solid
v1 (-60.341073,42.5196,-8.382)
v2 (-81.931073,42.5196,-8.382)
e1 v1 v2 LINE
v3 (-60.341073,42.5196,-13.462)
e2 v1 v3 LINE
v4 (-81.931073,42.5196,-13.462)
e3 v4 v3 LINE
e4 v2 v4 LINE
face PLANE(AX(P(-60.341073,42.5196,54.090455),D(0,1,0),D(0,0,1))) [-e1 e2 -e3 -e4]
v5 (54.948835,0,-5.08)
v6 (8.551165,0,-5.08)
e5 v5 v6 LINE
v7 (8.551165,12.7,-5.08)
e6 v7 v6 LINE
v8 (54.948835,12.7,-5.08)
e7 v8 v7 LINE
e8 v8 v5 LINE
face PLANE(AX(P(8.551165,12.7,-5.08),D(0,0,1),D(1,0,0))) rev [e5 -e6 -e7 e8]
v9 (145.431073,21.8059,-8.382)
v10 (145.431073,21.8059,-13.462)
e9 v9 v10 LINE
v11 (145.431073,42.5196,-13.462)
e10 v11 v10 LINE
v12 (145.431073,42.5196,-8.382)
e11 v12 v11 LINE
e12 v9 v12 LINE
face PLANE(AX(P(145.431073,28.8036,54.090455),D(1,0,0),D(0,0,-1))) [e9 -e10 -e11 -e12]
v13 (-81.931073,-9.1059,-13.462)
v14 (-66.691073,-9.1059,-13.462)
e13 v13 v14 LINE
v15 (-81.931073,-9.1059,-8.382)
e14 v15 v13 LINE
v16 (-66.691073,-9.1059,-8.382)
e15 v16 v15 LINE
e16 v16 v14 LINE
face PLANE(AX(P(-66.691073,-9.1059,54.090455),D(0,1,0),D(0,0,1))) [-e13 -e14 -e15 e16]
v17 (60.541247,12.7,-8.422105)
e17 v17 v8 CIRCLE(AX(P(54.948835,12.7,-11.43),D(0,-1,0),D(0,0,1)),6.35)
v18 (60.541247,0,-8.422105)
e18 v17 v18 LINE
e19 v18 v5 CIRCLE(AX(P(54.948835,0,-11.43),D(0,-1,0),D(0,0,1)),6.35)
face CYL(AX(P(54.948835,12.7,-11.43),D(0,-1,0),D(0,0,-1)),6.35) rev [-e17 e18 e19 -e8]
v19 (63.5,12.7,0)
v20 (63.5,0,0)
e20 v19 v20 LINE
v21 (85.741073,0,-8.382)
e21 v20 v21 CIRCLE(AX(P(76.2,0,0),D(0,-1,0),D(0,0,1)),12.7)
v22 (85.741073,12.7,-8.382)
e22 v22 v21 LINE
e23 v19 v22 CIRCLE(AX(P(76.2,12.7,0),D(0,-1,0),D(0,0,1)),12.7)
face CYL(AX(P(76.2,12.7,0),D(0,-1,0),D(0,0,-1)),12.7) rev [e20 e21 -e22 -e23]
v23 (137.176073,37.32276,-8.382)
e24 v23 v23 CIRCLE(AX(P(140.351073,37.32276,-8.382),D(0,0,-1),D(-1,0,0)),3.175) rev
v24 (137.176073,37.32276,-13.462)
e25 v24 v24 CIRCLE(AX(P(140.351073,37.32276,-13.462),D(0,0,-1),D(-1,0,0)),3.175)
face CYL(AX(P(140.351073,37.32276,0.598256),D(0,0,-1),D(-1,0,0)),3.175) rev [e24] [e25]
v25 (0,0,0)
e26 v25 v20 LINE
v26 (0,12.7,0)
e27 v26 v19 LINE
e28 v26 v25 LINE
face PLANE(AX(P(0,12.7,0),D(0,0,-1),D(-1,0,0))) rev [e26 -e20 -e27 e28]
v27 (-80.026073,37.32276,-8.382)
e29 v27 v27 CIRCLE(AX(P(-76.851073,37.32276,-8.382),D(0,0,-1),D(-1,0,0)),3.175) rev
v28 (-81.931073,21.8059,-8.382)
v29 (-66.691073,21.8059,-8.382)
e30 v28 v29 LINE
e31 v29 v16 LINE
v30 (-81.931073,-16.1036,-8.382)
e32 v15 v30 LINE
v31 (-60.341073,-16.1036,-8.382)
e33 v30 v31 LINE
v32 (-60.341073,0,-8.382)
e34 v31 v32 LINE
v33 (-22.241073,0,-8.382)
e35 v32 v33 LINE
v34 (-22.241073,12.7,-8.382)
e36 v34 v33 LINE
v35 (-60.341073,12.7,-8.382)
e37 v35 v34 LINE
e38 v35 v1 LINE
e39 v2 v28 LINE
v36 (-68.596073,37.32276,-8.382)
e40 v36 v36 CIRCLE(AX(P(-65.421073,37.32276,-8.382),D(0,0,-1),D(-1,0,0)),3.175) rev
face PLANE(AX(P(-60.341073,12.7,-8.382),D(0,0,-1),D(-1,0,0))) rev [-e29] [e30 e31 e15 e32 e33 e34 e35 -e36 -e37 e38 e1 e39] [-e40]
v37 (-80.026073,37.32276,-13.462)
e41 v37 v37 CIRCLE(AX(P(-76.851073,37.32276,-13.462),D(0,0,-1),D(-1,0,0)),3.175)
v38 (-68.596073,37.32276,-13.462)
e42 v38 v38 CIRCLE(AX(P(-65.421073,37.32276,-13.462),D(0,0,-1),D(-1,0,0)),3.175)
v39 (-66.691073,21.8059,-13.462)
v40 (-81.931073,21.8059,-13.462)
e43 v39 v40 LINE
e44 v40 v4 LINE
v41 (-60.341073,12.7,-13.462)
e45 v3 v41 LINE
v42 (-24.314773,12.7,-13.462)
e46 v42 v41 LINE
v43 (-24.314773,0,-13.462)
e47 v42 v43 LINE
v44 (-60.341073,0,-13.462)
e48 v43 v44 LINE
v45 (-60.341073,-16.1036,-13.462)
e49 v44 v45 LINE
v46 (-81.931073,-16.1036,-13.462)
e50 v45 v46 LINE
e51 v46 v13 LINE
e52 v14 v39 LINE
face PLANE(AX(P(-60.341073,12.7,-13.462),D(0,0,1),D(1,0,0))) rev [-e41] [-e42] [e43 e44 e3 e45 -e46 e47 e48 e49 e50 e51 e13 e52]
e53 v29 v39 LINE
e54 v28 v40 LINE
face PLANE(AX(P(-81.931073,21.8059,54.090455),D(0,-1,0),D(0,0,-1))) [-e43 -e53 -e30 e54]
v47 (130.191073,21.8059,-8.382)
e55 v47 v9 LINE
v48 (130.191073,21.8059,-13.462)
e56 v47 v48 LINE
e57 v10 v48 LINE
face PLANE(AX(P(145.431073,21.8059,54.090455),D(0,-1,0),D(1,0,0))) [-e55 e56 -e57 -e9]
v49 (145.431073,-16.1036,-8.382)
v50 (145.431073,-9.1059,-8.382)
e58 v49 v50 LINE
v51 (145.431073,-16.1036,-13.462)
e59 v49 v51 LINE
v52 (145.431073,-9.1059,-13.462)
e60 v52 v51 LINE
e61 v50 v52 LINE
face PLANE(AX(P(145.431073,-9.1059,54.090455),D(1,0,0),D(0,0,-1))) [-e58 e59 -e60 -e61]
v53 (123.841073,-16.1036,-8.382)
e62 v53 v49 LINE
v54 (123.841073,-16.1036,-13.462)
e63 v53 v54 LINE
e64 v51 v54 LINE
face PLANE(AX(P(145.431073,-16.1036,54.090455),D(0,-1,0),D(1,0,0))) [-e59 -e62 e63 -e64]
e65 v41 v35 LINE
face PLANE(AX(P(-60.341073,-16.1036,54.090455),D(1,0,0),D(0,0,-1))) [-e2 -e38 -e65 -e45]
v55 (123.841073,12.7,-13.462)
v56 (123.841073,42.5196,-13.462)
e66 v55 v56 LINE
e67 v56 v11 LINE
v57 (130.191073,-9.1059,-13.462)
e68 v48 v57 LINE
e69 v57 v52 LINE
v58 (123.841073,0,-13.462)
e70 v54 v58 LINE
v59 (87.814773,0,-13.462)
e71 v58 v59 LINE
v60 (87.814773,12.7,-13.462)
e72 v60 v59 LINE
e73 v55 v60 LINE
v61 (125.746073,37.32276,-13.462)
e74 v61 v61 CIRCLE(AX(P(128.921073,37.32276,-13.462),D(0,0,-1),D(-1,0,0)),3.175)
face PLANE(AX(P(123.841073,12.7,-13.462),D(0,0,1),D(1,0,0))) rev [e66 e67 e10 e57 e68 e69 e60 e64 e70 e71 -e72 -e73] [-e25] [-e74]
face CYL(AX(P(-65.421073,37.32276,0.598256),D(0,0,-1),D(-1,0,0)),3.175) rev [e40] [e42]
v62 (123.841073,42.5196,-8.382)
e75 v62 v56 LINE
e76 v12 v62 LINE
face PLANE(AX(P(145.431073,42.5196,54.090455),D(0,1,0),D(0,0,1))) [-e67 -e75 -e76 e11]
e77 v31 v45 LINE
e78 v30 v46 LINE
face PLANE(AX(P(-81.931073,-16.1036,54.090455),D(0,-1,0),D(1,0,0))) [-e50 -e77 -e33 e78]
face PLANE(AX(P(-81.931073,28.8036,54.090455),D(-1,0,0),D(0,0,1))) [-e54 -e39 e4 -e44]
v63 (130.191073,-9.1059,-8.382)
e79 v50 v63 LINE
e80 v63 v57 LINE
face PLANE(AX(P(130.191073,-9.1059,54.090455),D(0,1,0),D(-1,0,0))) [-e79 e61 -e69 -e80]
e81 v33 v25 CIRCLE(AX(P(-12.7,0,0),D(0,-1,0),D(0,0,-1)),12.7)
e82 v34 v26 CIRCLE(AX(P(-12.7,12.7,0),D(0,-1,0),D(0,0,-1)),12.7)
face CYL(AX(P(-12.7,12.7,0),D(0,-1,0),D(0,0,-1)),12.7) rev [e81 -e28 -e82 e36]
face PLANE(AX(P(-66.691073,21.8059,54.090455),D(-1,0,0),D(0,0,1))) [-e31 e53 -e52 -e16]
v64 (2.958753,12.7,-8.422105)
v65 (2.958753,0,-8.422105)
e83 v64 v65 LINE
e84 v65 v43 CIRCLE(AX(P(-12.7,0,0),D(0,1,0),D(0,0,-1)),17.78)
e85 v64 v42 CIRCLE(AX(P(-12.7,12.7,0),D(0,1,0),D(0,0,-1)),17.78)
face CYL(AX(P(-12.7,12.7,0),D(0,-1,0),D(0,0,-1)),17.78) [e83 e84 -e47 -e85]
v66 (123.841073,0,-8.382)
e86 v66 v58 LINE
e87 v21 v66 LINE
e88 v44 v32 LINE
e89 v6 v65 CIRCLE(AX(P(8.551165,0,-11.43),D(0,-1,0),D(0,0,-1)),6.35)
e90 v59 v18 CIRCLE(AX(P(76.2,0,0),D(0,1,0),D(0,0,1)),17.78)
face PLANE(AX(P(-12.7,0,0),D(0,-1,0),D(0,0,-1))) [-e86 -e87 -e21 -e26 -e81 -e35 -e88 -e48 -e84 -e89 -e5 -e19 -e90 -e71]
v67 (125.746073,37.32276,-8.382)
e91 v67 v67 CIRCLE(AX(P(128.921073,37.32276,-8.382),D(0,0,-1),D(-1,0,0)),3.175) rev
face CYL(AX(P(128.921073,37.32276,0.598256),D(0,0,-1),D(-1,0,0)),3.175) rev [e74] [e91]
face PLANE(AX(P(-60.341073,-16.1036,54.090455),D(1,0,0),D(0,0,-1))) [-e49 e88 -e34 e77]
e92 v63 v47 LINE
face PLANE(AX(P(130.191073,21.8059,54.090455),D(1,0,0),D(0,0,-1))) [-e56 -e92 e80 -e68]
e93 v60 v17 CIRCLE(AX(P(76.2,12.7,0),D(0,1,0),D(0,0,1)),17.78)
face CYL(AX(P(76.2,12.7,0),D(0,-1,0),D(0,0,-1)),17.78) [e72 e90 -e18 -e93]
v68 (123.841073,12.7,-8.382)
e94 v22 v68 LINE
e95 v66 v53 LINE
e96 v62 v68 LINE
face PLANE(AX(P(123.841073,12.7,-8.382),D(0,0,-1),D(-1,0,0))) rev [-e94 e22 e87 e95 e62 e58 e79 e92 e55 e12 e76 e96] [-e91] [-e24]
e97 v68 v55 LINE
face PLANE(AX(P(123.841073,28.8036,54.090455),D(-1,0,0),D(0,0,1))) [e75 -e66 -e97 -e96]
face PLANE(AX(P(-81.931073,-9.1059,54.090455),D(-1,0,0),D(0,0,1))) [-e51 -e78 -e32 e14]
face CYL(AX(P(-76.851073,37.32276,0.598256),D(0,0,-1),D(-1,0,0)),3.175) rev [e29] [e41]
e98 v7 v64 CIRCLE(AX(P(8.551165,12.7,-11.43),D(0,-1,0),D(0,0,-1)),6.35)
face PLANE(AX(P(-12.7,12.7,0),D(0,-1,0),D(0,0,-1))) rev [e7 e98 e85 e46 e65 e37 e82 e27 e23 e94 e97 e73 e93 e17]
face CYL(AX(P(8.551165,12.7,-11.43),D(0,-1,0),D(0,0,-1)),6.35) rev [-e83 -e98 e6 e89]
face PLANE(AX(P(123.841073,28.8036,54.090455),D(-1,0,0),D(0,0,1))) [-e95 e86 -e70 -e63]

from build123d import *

# Parameters (mm, degrees)
BOSS_EXTRUDE1_DEPTH = 12.7
BOSS_EXTRUDE3_DEPTH = 5.08
SKETCH4_R           = 3.175
CUT_EXTRUDE2_DEPTH  = 5.08


with BuildPart() as part:
    # Sketch1 → Boss-Extrude1 (new body)
    with BuildSketch(Plane(origin=(0, 0, 0), x_dir=(1, 0, 0), z_dir=(0, 1, 0))):
        with BuildLine():
            Line((0, 0), (63.5, 0))
            ThreePointArc((63.5, 0), (71.721251762, 11.884057145), (85.741073105, 8.382))
            Line((85.741073105, 8.382), (123.841073105, 8.382))
            Line((123.841073105, 8.382), (123.841073105, 13.462))
            Line((123.841073105, 13.462), (87.814773179, 13.462))
            ThreePointArc((87.814773179, 13.462), (72.969121208, 17.483987595), (60.541247082, 8.422105263))
            ThreePointArc((60.541247082, 8.422105263), (58.206316594, 5.979191272), (54.948835326, 5.08))
            Line((54.948835326, 5.08), (8.551164674, 5.08))
            ThreePointArc((8.551164674, 5.08), (5.293683406, 5.979191272), (2.958752918, 8.422105263))
            ThreePointArc((2.958752918, 8.422105263), (-9.469121208, 17.483987595), (-24.314773179, 13.462))
            Line((-24.314773179, 13.462), (-60.341073105, 13.462))
            Line((-60.341073105, 13.462), (-60.341073105, 8.382))
            Line((-60.341073105, 8.382), (-22.241073105, 8.382))
            ThreePointArc((-22.241073105, 8.382), (-8.221251762, 11.884057145), (0, 0))
        make_face()
    extrude(amount=BOSS_EXTRUDE1_DEPTH)

    # Sketch3 → Boss-Extrude3 (add)
    with BuildSketch(Plane(origin=(0, 0, -13.462), x_dir=(-1, 0, 0), z_dir=(0, 0, -1))):
        Polygon((81.931073105, -16.1036), (60.341073105, -16.1036), (60.341073105, 28.8036), (60.341073105, 42.5196), (81.931073105, 42.5196), (81.931073105, 28.8036), (81.931073105, 21.8059), (66.691073105, 21.8059), (66.691073105, -9.1059), (81.931073105, -9.1059), align=None)
        Polygon((-123.841073105, -16.1036), (-123.841073105, 28.8036), (-123.841073105, 42.5196), (-145.431073105, 42.5196), (-145.431073105, 28.8036), (-145.431073105, 21.8059), (-130.191073105, 21.8059), (-130.191073105, -9.1059), (-145.431073105, -9.1059), (-145.431073105, -16.1036), align=None)
    extrude(amount=-BOSS_EXTRUDE3_DEPTH)

    # Sketch4 → Cut-Extrude2 (cut)
    with BuildSketch(Plane(origin=(0, 0, -13.462), x_dir=(-1, 0, 0), z_dir=(0, 0, -1))):
        with Locations((-140.351073105, 37.32276)):
            Circle(SKETCH4_R)
        with Locations((-128.921073105, 37.32276)):
            Circle(SKETCH4_R)
        with Locations((65.421073105, 37.32276)):
            Circle(SKETCH4_R)
        with Locations((76.851073105, 37.32276)):
            Circle(SKETCH4_R)
    extrude(amount=-CUT_EXTRUDE2_DEPTH, mode=Mode.SUBTRACT)


solid = part.part
